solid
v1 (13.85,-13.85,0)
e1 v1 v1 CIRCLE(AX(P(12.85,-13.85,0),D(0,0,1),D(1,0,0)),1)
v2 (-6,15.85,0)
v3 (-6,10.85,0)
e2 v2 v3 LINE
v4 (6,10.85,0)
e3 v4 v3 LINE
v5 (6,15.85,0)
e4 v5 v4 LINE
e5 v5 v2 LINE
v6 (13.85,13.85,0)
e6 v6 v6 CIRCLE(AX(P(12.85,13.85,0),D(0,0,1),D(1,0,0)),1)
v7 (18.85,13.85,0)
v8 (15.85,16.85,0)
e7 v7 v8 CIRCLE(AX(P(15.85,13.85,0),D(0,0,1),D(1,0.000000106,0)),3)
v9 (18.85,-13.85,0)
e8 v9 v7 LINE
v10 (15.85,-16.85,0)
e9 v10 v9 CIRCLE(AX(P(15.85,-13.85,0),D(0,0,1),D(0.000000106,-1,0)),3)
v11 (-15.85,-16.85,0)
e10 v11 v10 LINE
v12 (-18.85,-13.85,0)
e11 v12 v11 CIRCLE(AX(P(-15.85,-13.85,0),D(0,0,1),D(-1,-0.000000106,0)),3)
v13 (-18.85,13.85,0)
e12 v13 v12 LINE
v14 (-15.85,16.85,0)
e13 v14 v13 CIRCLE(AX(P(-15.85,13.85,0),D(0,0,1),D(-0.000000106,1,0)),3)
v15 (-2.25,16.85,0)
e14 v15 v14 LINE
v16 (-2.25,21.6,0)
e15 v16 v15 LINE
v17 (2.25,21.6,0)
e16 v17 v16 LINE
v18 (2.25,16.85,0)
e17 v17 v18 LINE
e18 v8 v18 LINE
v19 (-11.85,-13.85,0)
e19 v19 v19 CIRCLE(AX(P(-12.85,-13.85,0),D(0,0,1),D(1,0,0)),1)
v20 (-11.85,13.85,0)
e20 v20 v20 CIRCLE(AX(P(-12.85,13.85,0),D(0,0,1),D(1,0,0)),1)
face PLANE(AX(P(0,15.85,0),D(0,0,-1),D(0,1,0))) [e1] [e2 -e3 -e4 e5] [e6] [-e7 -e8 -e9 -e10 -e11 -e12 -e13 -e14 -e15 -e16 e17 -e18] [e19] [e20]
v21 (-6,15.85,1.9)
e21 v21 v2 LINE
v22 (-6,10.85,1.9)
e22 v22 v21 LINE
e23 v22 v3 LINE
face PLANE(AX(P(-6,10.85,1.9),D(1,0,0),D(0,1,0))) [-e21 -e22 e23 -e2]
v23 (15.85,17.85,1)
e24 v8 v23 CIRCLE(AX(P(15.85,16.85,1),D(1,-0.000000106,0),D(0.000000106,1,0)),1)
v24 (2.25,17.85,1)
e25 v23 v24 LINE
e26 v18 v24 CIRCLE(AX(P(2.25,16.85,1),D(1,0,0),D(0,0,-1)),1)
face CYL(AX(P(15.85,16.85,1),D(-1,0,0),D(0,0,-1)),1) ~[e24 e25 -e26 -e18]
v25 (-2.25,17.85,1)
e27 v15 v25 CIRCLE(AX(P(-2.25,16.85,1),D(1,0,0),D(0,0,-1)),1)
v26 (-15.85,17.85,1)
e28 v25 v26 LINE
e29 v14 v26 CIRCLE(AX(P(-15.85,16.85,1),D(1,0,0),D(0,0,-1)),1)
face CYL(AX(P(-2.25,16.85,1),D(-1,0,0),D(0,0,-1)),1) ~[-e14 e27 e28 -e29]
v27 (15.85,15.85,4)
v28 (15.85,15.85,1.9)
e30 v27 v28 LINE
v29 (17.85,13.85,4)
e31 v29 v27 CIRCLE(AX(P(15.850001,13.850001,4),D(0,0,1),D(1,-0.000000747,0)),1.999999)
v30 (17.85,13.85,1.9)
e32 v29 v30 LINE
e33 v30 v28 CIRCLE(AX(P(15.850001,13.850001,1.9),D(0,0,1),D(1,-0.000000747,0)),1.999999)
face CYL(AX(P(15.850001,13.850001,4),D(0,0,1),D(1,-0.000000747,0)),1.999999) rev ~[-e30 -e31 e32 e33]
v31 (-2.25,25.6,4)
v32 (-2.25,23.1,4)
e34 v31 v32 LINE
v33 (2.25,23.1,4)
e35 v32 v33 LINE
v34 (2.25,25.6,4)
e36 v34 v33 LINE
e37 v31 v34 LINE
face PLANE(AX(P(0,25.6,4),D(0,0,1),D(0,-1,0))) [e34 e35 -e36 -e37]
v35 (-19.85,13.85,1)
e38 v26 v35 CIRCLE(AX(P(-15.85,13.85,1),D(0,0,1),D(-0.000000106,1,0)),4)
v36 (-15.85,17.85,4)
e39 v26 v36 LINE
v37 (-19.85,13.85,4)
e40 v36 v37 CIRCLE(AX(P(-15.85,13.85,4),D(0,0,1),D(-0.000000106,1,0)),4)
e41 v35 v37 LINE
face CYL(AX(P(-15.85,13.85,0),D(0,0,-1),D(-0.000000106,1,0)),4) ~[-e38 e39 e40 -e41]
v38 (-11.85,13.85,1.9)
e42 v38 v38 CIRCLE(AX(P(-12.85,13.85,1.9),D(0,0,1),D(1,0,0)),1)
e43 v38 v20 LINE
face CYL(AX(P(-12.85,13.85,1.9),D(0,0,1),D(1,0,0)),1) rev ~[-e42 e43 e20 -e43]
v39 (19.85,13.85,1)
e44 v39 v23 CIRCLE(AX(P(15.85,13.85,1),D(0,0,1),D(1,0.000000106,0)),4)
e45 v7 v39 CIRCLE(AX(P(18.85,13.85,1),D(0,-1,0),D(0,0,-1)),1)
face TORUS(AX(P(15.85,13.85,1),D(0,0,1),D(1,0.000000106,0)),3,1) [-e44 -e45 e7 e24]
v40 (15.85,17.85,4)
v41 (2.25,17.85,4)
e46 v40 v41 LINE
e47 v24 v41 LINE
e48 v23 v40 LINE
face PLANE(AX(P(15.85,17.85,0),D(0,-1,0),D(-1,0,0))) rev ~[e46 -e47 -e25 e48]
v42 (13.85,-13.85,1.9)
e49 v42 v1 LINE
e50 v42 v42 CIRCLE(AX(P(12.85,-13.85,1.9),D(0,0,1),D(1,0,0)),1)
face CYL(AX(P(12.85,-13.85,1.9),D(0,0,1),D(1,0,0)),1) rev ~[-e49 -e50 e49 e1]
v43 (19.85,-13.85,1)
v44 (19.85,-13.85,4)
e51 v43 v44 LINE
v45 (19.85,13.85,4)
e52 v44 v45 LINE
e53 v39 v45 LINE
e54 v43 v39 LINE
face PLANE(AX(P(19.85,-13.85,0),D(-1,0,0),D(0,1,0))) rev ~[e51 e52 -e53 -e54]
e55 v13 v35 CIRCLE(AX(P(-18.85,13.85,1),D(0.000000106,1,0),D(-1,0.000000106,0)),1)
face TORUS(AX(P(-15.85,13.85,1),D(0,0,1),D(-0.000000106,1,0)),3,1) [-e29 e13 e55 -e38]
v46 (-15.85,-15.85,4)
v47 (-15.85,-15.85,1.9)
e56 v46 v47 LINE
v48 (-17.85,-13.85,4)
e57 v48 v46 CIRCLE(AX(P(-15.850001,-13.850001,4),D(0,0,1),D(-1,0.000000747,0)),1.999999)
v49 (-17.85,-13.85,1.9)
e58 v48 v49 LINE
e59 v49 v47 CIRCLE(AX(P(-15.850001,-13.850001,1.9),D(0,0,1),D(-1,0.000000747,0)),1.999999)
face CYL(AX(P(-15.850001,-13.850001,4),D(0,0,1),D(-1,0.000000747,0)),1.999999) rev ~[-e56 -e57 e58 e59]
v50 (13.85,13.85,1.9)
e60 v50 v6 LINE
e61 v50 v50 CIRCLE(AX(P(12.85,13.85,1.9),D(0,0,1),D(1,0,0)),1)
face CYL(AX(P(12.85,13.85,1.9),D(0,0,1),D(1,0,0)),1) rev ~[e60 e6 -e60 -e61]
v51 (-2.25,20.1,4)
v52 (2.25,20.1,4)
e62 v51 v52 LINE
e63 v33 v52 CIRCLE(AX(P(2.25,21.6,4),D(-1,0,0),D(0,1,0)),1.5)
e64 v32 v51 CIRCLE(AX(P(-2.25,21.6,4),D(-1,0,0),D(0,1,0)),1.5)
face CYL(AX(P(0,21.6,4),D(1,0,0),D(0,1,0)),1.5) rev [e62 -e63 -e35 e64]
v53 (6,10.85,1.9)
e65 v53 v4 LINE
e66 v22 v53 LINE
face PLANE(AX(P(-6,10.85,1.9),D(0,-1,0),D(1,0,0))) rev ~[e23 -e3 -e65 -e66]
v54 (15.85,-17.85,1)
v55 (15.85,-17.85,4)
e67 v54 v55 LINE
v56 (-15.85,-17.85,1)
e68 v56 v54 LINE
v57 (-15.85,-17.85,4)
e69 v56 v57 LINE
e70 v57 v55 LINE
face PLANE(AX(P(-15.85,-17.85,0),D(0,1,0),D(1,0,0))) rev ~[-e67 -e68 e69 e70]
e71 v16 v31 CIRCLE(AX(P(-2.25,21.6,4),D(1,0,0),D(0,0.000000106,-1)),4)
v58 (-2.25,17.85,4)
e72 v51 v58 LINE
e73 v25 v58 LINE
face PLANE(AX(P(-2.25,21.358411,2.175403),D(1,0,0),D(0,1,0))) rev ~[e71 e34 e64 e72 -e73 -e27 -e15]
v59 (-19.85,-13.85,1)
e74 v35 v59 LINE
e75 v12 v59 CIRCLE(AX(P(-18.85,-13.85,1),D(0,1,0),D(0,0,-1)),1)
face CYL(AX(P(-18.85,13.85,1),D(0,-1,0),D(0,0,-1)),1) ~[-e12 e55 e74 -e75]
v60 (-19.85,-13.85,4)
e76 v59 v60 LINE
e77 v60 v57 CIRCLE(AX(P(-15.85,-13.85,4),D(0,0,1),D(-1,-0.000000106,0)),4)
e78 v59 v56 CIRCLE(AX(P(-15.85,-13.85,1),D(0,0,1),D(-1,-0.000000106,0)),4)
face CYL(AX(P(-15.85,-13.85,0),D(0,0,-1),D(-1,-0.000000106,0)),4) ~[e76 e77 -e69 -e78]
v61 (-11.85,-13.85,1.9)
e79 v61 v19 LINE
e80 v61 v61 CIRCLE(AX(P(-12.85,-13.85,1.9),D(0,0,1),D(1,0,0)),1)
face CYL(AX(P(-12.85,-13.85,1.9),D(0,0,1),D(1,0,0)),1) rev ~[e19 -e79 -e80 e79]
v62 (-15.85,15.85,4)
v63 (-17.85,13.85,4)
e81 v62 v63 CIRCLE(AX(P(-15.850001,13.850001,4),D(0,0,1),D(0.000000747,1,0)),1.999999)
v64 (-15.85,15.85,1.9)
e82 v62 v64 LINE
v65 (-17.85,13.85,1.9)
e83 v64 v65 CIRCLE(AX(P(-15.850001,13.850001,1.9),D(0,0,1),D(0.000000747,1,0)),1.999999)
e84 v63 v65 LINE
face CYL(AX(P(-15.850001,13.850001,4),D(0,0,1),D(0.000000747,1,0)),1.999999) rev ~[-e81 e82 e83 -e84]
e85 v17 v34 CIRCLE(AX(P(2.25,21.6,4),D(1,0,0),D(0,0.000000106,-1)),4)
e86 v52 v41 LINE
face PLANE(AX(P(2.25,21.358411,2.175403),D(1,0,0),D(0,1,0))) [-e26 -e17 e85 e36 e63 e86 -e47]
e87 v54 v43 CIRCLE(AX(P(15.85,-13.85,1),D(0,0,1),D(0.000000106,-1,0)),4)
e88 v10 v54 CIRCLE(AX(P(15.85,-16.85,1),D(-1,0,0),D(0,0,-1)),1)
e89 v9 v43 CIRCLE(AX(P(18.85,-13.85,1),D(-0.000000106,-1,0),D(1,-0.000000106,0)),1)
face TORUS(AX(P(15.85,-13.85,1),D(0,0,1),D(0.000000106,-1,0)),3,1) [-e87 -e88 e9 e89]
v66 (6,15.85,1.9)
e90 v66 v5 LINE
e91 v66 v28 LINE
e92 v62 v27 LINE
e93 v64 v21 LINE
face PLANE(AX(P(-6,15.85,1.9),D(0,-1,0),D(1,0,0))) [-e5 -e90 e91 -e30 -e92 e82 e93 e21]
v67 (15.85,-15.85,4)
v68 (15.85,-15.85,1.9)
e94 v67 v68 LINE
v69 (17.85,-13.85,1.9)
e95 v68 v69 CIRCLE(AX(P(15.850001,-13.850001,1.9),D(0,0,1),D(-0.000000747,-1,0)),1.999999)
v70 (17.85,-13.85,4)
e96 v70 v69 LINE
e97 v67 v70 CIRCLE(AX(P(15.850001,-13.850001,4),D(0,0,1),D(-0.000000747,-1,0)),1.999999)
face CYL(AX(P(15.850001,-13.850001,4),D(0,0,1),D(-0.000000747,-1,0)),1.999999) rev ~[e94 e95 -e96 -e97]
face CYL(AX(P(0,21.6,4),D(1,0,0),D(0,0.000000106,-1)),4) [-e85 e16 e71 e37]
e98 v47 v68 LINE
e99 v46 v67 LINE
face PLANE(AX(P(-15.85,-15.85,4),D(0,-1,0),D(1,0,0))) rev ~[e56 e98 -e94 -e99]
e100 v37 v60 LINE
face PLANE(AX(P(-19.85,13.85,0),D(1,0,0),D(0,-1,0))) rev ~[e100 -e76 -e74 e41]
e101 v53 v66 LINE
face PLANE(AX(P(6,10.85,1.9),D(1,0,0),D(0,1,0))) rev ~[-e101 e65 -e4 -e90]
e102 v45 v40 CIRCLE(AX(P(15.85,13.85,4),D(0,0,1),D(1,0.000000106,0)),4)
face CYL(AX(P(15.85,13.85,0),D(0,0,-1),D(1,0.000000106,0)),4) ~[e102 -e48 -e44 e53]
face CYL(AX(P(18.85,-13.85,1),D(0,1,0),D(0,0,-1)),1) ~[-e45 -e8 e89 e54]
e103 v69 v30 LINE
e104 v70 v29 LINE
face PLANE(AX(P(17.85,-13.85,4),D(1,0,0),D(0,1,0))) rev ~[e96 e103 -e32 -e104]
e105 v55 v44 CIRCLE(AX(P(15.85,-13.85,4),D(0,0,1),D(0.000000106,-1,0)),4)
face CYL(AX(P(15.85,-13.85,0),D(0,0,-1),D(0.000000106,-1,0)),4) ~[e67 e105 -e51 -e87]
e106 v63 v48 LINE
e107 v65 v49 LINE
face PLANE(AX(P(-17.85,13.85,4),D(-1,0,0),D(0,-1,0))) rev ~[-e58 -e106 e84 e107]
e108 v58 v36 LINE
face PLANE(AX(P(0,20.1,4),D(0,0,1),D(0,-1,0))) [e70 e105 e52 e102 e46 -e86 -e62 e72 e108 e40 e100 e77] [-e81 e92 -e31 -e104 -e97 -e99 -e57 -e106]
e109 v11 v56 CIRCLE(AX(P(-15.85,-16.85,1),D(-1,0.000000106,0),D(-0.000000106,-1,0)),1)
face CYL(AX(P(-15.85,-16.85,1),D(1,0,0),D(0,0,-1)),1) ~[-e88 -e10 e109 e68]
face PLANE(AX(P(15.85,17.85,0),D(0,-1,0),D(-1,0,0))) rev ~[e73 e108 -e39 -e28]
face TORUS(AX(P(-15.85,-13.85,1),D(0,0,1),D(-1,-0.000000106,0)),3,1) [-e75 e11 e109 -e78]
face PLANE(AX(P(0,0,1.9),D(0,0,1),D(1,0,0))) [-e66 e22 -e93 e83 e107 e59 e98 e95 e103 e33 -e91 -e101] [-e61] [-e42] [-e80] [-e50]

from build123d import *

# Parameters (mm, degrees)
F1_DEPTH      = 4
F3_DEPTH      = 2.1
F5_DEPTH      = 2.25
F5_DEPTH_BACK = 2.25
F6_W          = 12
F6_H          = 5
F6_R          = 1
F7_DEPTH      = 25
F8_R          = 1


with BuildPart() as f1:
    # F0 (on Top) → F1 (new body)
    with BuildSketch(Plane.XY):
        with BuildLine():
            Line((19.85, -13.85), (19.85, 13.85))
            ThreePointArc((19.85, 13.85), (18.678427, 16.678427), (15.85, 17.85))
            Line((15.85, 17.85), (-15.85, 17.85))
            ThreePointArc((-15.85, 17.85), (-18.678427, 16.678427), (-19.85, 13.85))
            Line((-19.85, 13.85), (-19.85, -13.85))
            ThreePointArc((-19.85, -13.85), (-18.678427, -16.678427), (-15.85, -17.85))
            Line((-15.85, -17.85), (15.85, -17.85))
            ThreePointArc((15.85, -17.85), (18.678427, -16.678427), (19.85, -13.85))
        make_face()
    extrude(amount=F1_DEPTH)

    # F2 (on face) → F3 (cut)
    with BuildSketch(Plane.XY.offset(4)):
        with BuildLine():
            ThreePointArc((17.85, 13.85), (17.264214, 15.264214), (15.85, 15.85))
            Line((15.85, 15.85), (-15.85, 15.85))
            ThreePointArc((-15.85, 15.85), (-17.264214, 15.264214), (-17.85, 13.85))
            Line((-17.85, 13.85), (-17.85, -13.85))
            ThreePointArc((-17.85, -13.85), (-17.264214, -15.264214), (-15.85, -15.85))
            Line((-15.85, -15.85), (15.85, -15.85))
            ThreePointArc((15.85, -15.85), (17.264214, -15.264214), (17.85, -13.85))
            Line((17.85, -13.85), (17.85, 13.85))
        make_face()
    extrude(amount=-F3_DEPTH, mode=Mode.SUBTRACT)

    # F4 (on Right) → F5 (join, two sides)
    with BuildSketch(Plane.YZ) as f5_sk:
        with BuildLine():
            Line((17.85, 0), (21.6, 0))
            ThreePointArc((21.6, 0), (24.428427, 1.171573), (25.6, 4))
            Line((25.6, 4), (23.1, 4))
            ThreePointArc((23.1, 4), (21.6, 2.5), (20.1, 4))
            Line((20.1, 4), (17.85, 4))
            Line((17.85, 4), (17.85, 0))
        make_face()
        Polygon((15.85, 0), (17.85, 0), (17.85, 4), (17.6, 4), (15.85, 4), align=None)
    extrude(amount=F5_DEPTH)
    extrude(f5_sk.sketch, amount=-F5_DEPTH_BACK)

    # F6 (on face) → F7 (cut)
    with BuildSketch(Plane.XY.offset(1.9)):
        with Locations((0, 13.35)):
            Rectangle(F6_W, F6_H)
        with Locations((-12.85, 13.85)):
            Circle(F6_R)
        with Locations((12.85, 13.85)):
            Circle(F6_R)
        with Locations((-12.85, -13.85)):
            Circle(F6_R)
        with Locations((12.85, -13.85)):
            Circle(F6_R)
    extrude(amount=-F7_DEPTH, mode=Mode.SUBTRACT)

    # F8
    f8_edges = [f1.edges().sort_by_distance(p)[0] for p in [
        (-19.85, 0, 0),
    ]]
    fillet(f8_edges, radius=F8_R)


solid = f1.part
